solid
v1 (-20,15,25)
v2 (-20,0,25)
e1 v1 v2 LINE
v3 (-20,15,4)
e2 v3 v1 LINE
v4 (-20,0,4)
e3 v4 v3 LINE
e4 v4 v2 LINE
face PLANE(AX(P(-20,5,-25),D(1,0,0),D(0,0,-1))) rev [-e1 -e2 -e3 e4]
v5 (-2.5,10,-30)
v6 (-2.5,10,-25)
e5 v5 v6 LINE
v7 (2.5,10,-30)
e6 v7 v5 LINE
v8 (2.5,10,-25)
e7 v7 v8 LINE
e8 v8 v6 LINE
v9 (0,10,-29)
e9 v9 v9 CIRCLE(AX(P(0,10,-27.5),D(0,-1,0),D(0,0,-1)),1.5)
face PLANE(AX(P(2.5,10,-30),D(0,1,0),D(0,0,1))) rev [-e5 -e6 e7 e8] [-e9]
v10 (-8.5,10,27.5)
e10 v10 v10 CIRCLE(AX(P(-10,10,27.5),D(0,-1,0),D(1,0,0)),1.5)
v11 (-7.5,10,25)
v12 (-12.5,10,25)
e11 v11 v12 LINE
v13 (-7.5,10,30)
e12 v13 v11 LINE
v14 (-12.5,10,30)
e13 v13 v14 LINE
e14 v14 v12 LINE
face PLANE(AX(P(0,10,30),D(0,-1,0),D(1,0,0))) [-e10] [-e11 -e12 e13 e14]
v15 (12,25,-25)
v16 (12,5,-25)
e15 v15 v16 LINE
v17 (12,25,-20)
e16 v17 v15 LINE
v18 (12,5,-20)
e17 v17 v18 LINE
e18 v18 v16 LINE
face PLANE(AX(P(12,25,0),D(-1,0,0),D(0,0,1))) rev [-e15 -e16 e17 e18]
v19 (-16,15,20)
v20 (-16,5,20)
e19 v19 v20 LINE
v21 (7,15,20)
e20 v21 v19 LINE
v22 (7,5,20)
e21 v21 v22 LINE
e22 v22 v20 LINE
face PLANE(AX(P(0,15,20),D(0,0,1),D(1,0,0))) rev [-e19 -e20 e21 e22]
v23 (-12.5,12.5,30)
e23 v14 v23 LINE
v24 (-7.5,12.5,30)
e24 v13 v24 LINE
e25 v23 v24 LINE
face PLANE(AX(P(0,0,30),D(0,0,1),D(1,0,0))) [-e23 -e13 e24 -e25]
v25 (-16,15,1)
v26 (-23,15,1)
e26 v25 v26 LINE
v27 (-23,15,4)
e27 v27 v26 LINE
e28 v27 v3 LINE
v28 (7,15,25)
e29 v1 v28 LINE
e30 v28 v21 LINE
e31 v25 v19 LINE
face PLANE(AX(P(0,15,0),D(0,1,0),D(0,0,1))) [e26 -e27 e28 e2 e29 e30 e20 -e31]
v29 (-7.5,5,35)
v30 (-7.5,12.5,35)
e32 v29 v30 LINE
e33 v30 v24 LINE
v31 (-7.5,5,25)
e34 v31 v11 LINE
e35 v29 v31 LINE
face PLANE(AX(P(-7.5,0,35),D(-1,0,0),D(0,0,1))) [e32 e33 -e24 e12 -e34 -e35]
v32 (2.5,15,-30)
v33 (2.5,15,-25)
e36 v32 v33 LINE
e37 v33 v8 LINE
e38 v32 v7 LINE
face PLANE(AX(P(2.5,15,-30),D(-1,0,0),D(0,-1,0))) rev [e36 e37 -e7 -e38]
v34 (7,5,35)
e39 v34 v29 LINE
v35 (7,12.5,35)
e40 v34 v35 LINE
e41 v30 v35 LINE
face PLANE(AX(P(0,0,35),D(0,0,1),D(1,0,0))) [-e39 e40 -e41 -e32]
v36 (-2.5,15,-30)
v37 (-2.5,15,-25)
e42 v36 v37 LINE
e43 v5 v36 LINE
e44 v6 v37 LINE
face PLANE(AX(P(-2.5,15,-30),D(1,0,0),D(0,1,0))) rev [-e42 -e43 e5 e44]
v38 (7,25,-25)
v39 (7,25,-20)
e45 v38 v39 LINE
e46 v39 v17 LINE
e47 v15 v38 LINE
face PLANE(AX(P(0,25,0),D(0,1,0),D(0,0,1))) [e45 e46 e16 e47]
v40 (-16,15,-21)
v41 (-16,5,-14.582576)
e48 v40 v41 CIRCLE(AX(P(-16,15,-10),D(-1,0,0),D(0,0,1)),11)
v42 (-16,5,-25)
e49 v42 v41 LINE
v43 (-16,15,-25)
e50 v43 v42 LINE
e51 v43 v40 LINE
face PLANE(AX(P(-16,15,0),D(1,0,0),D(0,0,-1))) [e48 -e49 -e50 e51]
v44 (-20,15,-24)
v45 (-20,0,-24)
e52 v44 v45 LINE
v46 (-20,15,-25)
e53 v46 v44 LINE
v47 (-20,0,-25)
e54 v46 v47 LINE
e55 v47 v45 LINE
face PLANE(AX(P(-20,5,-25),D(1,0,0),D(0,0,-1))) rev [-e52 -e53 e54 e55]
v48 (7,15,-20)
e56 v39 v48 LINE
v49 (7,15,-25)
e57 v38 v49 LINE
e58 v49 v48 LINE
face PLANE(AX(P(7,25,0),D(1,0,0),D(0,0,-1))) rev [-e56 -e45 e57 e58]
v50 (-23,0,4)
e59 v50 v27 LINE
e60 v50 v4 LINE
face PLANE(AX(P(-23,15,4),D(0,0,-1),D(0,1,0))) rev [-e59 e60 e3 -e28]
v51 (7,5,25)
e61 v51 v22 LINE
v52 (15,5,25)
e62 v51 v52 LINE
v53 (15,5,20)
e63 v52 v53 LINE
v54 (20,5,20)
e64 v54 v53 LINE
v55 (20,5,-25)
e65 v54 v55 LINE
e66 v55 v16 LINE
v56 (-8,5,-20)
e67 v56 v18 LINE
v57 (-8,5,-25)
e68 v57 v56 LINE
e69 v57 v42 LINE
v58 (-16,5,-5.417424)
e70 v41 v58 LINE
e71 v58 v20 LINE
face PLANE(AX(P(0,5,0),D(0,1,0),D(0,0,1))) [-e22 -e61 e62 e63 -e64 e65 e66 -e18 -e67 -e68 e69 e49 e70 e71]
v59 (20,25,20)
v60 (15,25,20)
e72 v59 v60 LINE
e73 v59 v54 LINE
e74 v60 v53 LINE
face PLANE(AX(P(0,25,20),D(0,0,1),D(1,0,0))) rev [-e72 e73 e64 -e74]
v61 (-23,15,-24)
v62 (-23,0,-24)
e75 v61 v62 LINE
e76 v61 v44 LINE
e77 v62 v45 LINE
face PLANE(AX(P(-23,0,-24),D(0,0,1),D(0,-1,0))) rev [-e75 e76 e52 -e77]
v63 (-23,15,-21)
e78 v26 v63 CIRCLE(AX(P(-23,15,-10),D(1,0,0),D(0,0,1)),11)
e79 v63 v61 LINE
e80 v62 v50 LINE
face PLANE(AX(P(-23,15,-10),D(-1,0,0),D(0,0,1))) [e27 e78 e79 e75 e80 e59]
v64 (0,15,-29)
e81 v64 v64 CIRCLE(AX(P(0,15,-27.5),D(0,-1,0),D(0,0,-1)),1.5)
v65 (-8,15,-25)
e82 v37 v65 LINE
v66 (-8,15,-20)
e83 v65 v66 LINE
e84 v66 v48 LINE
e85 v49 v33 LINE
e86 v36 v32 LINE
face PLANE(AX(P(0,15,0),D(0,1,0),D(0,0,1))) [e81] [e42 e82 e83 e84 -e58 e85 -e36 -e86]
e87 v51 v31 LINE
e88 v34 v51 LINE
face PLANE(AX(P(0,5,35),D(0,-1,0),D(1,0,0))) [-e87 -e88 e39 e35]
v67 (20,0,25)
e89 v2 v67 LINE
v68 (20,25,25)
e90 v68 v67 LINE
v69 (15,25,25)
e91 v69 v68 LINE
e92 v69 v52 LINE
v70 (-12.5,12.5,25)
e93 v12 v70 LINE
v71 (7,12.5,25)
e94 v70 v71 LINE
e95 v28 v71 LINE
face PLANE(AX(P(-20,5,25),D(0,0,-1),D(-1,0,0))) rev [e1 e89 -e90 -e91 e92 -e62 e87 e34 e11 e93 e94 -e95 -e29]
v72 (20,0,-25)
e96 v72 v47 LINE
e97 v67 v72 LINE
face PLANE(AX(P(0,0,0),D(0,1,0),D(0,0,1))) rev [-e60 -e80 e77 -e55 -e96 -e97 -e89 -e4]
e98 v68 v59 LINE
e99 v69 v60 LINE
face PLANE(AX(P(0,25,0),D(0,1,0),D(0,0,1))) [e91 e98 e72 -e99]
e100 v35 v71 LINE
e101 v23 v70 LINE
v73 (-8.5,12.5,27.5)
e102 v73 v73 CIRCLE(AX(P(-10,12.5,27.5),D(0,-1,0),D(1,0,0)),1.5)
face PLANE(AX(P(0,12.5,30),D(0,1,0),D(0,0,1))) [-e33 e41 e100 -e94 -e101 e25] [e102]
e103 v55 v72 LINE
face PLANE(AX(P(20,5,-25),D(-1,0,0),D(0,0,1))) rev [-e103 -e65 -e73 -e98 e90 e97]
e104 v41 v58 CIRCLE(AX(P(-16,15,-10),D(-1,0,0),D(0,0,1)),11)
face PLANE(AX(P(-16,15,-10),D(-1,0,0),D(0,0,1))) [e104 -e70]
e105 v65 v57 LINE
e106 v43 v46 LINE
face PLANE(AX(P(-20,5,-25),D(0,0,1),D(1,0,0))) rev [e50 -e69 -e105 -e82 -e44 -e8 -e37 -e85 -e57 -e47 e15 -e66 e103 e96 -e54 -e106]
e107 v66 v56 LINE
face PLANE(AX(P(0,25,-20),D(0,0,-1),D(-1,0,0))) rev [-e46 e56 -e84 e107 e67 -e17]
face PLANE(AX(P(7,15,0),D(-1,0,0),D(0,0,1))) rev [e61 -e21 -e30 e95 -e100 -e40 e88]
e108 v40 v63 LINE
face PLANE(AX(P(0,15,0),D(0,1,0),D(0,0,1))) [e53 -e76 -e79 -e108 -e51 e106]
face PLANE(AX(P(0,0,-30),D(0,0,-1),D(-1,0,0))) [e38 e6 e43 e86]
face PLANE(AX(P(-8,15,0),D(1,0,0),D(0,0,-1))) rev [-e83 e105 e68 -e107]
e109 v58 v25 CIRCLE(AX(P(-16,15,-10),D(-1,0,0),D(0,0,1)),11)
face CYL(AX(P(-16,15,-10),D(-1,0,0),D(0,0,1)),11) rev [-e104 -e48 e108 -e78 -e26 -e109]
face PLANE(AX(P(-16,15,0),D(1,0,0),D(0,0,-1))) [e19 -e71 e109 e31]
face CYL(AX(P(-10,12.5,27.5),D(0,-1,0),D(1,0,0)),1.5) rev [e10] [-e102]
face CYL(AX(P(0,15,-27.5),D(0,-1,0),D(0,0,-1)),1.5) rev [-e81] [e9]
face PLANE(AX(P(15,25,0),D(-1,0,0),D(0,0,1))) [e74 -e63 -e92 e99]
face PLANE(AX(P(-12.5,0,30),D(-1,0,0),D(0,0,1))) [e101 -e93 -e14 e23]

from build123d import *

# Parameters (mm, degrees)
SKETCH1_W            = 40
SKETCH1_H            = 50
BOSS_EXTRUDE1_DEPTH  = 5
SKETCH3_W            = 5
SKETCH3_H            = 5
BOSS_EXTRUDE5_DEPTH  = 20
SKETCH3_3_W          = 15
SKETCH3_3_H          = 5
BOSS_EXTRUDE6_DEPTH  = 10
CUT_EXTRUDE3_DEPTH   = 4
BOSS_EXTRUDE9_START  = 3
BOSS_EXTRUDE9_DEPTH  = 3
SKETCH12_W           = 5
SKETCH12_H           = 5
BOSS_EXTRUDE10_DEPTH = 5
SKETCH13_R           = 1.5
CUT_EXTRUDE4_DEPTH   = 5
SKETCH16_W           = 5
SKETCH16_H           = 2.5
BOSS_EXTRUDE13_DEPTH = 5
BOSS_EXTRUDE14_DEPTH = 10
SKETCH17_R           = 1.5
CUT_EXTRUDE6_DEPTH   = 2.5


with BuildPart() as part:
    # Sketch1 → Boss-Extrude1 (new body)
    with BuildSketch(Plane(origin=(0, 0, 0), x_dir=(1, 0, 0), z_dir=(0, 1, 0))):
        Rectangle(SKETCH1_W, SKETCH1_H)
    extrude(amount=BOSS_EXTRUDE1_DEPTH)

    # Sketch3 → Boss-Extrude5 (add)
    with BuildSketch(Plane(origin=(0, 5, 0), x_dir=(1, 0, 0), z_dir=(0, 1, 0))):
        with Locations((9.5, 22.5)):
            Rectangle(SKETCH3_W, SKETCH3_H)
        with Locations((17.5, -22.5)):
            Rectangle(SKETCH3_W, SKETCH3_H)
    extrude(amount=BOSS_EXTRUDE5_DEPTH)

    # Sketch3<3> → Boss-Extrude6 (add)
    with BuildSketch(Plane(origin=(0, 5, 0), x_dir=(1, 0, 0), z_dir=(0, 1, 0))):
        with Locations((-0.5, 22.5)):
            Rectangle(SKETCH3_3_W, SKETCH3_3_H)
        Polygon((-16, -20), (-16, 25), (-20, 25), (-20, -25), (7, -25), (7, -20), align=None)
    extrude(amount=BOSS_EXTRUDE6_DEPTH)

    # Sketch8 → Cut-Extrude3 (cut)
    with BuildSketch(Plane.ZY.offset(20)):
        with BuildLine():
            Line((1, 15), (-21, 15))
            ThreePointArc((-21, 15), (-10, 4), (1, 15))
        make_face()
    extrude(amount=-CUT_EXTRUDE3_DEPTH, mode=Mode.SUBTRACT)

    # Sketch10 → Boss-Extrude9 (add)
    with BuildSketch(Plane.ZY.offset(20).offset(BOSS_EXTRUDE9_START)):
        with BuildLine():
            Line((1, 15), (4, 15))
            Line((4, 15), (4, 0))
            Line((4, 0), (-24, 0))
            Line((-24, 0), (-24, 15))
            Line((-24, 15), (-21, 15))
            ThreePointArc((-21, 15), (-10, 4), (1, 15))
        make_face()
    extrude(amount=-BOSS_EXTRUDE9_DEPTH)

    # Sketch12 → Boss-Extrude10 (add)
    with BuildSketch(Plane(origin=(0, 0, -25), x_dir=(-1, 0, 0), z_dir=(0, 0, -1))):
        with Locations((0, 12.5)):
            Rectangle(SKETCH12_W, SKETCH12_H)
    extrude(amount=BOSS_EXTRUDE10_DEPTH)

    # Sketch13 → Cut-Extrude4 (cut)
    with BuildSketch(Plane.XZ.offset(-10)):
        with Locations((0, -27.5)):
            Circle(SKETCH13_R)
    extrude(amount=-CUT_EXTRUDE4_DEPTH, mode=Mode.SUBTRACT)

    # Sketch16 → Boss-Extrude13 (add)
    with BuildSketch(Plane.XY.offset(25)):
        with Locations((-10, 11.25)):
            Rectangle(SKETCH16_W, SKETCH16_H)
    extrude(amount=BOSS_EXTRUDE13_DEPTH)

    # Sketch16<3> → Boss-Extrude14 (add)
    with BuildSketch(Plane.XY.offset(25)):
        Polygon((-7.5, 5), (7, 5), (7, 12.5), (-7.5, 12.5), (-7.5, 10), align=None)
    extrude(amount=BOSS_EXTRUDE14_DEPTH)

    # Sketch17 → Cut-Extrude6 (cut)
    with BuildSketch(Plane.XZ.offset(-10)):
        with Locations((-10, 27.5)):
            Circle(SKETCH17_R)
    extrude(amount=-CUT_EXTRUDE6_DEPTH, mode=Mode.SUBTRACT)


solid = part.part
